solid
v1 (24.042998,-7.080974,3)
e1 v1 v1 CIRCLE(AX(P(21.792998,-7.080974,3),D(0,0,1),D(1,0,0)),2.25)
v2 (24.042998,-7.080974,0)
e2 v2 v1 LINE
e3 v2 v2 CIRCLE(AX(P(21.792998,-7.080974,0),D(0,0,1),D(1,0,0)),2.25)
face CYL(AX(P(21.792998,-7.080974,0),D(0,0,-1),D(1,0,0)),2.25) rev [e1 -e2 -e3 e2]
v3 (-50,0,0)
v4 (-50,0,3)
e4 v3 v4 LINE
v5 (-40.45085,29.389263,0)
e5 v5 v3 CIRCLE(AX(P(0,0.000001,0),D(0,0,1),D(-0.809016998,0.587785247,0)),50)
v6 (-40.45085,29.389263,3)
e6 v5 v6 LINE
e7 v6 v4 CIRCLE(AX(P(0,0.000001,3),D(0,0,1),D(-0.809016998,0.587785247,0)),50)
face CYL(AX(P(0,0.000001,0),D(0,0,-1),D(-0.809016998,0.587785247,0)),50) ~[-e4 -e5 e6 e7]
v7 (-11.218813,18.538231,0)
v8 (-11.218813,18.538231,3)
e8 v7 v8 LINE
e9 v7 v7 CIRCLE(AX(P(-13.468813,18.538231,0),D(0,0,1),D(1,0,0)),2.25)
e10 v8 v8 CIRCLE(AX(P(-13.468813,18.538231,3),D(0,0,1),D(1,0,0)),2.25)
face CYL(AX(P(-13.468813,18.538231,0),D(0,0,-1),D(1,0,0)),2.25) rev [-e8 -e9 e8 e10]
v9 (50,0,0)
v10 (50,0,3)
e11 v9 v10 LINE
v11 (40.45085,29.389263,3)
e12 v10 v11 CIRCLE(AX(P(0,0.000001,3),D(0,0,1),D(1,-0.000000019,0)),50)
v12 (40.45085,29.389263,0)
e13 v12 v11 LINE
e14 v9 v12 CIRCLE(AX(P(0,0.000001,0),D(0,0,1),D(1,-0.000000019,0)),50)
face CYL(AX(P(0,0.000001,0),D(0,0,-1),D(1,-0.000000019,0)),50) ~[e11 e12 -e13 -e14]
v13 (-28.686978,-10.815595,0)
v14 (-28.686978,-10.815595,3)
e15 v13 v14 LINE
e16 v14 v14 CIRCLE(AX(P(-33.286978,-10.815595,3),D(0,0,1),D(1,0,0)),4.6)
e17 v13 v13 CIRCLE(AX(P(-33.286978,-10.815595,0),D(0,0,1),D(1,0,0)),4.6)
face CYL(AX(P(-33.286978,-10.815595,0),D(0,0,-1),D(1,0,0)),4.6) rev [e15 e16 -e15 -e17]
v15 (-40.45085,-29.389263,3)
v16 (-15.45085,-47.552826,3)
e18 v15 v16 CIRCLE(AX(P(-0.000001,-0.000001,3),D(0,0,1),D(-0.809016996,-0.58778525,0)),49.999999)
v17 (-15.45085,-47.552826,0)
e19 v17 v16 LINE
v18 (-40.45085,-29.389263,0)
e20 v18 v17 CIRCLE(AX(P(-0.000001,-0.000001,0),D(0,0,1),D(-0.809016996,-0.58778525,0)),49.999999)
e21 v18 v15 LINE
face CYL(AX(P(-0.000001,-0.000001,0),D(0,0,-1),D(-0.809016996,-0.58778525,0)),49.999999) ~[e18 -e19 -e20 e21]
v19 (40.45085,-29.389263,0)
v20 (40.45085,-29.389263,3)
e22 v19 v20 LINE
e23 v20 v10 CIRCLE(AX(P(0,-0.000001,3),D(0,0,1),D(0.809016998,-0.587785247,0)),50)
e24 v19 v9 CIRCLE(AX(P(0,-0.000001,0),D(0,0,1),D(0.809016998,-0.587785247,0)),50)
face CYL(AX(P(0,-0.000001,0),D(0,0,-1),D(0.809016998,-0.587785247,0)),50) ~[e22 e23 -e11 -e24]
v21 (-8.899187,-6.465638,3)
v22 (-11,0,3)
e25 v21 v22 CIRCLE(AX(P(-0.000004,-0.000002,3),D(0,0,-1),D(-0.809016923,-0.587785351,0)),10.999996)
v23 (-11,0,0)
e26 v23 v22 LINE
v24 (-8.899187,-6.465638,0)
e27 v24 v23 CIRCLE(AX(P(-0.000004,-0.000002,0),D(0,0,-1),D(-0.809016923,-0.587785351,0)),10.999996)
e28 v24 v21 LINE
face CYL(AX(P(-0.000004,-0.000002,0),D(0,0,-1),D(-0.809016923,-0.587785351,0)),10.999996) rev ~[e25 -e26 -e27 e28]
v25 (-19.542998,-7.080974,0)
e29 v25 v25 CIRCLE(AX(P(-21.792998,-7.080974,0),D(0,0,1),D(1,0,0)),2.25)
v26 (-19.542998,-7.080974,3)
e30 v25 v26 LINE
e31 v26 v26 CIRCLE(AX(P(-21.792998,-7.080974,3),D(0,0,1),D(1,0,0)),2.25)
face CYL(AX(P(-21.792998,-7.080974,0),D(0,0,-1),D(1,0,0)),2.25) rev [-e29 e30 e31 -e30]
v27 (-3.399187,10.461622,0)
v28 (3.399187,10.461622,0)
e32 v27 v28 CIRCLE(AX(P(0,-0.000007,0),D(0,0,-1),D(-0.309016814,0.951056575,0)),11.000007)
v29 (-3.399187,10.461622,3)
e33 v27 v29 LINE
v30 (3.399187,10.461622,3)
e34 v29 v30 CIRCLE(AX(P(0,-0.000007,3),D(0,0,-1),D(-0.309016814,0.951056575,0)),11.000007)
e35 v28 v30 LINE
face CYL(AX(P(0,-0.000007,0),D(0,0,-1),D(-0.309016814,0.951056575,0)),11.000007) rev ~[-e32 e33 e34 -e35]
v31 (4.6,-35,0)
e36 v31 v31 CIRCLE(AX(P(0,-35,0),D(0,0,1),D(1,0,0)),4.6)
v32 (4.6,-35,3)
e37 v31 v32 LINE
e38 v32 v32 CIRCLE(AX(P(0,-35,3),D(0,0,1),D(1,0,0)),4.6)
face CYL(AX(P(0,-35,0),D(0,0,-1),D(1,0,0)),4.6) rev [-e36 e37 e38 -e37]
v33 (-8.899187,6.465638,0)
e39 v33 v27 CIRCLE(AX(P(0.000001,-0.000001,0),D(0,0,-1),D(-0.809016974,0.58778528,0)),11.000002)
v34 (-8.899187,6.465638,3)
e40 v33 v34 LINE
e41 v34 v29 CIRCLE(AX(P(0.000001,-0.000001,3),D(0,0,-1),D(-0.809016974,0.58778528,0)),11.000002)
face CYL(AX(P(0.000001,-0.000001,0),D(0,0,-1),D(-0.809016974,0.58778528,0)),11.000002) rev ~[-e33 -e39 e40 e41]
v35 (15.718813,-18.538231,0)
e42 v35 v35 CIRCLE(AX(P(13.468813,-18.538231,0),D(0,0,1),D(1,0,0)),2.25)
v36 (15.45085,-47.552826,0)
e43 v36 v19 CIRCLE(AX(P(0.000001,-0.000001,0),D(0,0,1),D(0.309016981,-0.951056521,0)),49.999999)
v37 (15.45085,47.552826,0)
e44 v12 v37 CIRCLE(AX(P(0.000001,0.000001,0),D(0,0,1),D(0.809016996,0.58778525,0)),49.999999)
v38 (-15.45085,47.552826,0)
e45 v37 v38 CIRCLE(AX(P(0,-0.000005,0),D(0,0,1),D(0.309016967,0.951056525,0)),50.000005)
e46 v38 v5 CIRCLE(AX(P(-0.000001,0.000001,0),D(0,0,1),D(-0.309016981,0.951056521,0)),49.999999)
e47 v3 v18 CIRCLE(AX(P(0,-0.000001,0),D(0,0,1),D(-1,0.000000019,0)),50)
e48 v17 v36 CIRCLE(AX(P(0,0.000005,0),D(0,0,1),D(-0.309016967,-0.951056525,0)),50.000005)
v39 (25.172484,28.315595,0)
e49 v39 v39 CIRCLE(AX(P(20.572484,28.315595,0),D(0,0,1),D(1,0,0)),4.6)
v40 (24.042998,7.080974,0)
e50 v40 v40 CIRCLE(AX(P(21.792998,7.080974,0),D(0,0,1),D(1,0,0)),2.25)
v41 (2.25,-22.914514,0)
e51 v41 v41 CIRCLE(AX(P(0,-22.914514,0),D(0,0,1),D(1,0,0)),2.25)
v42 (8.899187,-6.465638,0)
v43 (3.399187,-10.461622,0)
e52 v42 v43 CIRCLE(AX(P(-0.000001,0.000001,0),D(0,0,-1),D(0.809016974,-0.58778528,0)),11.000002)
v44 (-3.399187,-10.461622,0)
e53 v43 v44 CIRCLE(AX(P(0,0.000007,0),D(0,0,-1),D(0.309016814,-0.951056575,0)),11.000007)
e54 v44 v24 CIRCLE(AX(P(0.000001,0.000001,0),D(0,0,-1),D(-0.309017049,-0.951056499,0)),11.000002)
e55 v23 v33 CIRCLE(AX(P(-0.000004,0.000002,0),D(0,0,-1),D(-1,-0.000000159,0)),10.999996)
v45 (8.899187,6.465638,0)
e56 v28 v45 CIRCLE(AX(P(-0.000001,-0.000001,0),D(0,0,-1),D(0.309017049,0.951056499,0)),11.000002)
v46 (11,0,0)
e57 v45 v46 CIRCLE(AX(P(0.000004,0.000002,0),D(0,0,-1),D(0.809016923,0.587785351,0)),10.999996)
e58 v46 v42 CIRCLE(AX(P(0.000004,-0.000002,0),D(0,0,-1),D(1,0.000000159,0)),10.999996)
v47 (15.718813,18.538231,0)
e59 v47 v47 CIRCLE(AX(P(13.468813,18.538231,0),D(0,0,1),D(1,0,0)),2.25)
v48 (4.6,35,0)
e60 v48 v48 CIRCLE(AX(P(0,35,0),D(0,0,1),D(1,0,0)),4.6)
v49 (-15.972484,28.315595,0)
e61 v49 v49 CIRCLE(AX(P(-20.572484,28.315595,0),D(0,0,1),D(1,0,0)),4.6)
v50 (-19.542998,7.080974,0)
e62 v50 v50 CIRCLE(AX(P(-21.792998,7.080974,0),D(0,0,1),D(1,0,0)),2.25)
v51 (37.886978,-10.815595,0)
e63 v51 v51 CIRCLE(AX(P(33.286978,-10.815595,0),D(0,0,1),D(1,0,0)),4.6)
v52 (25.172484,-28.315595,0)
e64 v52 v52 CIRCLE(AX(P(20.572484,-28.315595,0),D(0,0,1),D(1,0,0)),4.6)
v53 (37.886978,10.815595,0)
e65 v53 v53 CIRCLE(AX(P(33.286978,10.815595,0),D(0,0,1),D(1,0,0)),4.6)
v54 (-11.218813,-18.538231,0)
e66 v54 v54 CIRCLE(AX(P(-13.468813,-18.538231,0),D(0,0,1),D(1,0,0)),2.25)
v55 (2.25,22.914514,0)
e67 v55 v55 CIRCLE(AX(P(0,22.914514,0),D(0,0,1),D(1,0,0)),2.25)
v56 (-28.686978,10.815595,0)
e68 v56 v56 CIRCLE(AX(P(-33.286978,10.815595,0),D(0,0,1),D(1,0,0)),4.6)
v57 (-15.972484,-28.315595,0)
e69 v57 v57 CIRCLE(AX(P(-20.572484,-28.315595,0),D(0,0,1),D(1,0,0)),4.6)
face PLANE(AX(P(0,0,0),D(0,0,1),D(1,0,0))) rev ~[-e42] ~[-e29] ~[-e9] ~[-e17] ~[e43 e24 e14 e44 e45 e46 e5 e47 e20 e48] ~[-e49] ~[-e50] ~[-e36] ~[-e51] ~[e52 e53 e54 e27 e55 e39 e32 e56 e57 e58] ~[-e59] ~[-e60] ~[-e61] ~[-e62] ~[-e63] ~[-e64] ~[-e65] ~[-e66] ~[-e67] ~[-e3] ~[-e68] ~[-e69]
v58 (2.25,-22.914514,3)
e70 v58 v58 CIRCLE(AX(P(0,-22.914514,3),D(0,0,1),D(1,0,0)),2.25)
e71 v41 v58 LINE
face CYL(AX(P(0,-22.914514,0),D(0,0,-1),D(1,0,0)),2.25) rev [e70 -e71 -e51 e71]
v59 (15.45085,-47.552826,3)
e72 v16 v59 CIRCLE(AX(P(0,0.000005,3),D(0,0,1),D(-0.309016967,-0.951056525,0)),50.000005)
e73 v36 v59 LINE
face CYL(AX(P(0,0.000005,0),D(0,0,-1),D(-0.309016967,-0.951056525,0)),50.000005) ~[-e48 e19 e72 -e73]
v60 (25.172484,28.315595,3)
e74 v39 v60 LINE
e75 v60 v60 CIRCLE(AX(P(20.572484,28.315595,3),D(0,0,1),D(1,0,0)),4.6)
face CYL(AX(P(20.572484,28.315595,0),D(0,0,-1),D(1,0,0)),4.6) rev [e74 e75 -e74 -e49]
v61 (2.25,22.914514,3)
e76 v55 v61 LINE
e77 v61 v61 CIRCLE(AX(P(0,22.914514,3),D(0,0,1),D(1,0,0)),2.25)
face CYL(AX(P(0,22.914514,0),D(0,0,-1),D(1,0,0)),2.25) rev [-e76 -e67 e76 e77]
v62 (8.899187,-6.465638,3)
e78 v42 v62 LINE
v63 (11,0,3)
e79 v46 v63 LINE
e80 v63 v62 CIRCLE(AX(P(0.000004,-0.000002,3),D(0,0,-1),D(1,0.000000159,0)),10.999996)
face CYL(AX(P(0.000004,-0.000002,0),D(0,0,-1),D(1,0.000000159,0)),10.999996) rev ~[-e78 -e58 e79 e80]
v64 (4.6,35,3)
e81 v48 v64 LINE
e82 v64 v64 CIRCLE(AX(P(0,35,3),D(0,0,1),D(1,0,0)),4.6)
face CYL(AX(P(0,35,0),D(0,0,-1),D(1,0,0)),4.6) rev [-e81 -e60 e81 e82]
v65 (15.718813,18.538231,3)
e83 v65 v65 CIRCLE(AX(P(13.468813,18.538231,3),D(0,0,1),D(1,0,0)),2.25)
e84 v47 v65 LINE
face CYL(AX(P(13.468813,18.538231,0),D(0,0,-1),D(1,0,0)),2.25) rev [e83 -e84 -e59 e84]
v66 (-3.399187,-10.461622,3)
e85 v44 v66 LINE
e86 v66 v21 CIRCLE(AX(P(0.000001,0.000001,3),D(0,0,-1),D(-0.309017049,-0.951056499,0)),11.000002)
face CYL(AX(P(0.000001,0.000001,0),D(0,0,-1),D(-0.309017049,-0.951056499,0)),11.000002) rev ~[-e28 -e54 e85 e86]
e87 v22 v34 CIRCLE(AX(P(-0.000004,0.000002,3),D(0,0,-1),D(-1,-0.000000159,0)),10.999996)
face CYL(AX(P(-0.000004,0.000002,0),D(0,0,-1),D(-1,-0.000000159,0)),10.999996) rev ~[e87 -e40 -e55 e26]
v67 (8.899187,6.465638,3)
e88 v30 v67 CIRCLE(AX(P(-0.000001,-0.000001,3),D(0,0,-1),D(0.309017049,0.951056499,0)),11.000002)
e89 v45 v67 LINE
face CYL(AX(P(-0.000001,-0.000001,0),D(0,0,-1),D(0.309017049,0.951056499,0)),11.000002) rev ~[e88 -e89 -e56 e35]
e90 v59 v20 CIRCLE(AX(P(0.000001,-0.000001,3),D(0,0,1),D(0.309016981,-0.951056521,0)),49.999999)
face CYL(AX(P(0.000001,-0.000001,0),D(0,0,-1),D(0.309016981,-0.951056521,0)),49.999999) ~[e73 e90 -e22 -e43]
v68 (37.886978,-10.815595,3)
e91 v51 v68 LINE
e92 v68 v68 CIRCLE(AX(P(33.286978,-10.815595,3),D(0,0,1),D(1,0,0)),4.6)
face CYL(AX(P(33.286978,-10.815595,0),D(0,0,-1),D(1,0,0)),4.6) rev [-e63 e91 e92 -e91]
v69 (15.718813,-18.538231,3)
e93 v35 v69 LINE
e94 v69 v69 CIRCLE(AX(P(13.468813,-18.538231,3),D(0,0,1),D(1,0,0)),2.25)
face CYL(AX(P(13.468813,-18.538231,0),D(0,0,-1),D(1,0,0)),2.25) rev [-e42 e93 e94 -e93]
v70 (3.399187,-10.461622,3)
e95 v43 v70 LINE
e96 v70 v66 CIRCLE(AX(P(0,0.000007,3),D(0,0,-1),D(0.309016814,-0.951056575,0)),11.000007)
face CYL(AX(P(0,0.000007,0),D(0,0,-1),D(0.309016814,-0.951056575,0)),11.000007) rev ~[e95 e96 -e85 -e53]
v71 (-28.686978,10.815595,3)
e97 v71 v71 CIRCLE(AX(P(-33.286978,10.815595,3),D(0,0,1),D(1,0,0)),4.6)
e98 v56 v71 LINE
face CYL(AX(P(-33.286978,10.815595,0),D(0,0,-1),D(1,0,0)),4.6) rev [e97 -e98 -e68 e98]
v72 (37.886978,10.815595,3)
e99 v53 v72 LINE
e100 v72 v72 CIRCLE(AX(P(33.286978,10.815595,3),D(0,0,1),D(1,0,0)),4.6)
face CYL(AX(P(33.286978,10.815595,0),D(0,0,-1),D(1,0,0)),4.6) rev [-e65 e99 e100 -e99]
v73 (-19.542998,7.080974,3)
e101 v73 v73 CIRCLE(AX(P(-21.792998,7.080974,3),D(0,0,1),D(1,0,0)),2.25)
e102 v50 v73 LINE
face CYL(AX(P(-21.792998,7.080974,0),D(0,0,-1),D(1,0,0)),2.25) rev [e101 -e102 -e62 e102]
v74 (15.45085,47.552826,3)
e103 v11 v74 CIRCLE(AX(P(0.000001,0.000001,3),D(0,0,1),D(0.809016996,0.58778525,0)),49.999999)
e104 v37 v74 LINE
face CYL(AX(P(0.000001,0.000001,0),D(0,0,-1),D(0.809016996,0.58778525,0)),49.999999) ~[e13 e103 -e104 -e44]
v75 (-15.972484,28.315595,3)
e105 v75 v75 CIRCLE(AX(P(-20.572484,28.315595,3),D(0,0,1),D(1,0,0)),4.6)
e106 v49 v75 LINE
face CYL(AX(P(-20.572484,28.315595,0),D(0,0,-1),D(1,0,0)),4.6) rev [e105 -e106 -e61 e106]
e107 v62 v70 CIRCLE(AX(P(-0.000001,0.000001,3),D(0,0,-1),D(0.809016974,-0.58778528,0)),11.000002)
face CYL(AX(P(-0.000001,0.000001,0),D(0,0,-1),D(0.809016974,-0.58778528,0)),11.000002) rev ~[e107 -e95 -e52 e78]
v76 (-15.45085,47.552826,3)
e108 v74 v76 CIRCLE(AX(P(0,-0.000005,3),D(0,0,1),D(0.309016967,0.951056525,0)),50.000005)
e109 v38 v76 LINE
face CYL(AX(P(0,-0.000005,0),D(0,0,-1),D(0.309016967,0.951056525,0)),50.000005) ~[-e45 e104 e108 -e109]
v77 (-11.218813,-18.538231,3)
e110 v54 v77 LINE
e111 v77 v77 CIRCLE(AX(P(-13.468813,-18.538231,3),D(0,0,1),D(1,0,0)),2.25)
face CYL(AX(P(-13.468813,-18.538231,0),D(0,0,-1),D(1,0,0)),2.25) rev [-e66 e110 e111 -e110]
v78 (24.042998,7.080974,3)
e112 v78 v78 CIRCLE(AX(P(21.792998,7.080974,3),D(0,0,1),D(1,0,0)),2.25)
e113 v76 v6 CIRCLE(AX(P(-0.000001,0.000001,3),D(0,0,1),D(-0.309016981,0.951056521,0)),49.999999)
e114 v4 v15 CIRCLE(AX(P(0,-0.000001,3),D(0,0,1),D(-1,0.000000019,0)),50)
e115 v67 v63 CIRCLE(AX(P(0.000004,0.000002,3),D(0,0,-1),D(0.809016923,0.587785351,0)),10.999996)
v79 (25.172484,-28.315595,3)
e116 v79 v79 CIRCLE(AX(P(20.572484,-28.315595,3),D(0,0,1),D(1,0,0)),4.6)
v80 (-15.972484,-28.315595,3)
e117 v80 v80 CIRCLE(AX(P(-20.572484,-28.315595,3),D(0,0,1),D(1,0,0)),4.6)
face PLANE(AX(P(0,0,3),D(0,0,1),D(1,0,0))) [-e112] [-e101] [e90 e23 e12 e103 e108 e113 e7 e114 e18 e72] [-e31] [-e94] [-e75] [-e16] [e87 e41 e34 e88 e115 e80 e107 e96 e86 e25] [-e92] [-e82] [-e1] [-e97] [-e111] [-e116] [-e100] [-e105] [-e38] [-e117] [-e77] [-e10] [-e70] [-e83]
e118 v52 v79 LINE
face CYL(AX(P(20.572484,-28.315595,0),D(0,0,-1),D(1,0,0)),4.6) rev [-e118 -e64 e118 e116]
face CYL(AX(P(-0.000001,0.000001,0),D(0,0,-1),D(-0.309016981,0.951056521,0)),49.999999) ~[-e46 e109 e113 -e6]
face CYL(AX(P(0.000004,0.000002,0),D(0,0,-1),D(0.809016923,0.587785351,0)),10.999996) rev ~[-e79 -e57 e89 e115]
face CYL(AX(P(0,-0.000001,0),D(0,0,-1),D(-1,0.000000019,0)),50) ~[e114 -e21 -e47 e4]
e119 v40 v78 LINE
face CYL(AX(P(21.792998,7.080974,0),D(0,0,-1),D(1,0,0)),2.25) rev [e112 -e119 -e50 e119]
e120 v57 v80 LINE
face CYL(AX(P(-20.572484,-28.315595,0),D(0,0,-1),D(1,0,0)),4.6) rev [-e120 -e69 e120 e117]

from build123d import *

# Parameters (mm, degrees)
F0_R     = 4.6
F0_R_2   = 2.25
F1_DEPTH = 3


with BuildPart() as f1:
    # F0 (on Top) → F1 (new body)
    with BuildSketch(Plane.XY):
        with BuildLine():
            ThreePointArc((40.45085, 29.389263), (29.389263, 40.45085), (15.45085, 47.552826))
            ThreePointArc((15.45085, 47.552826), (0, 50), (-15.45085, 47.552826))
            ThreePointArc((-15.45085, 47.552826), (-29.389263, 40.45085), (-40.45085, 29.389263))
            ThreePointArc((-40.45085, 29.389263), (-47.552826, 15.45085), (-50, 0))
            ThreePointArc((-50, 0), (-47.552826, -15.45085), (-40.45085, -29.389263))
            ThreePointArc((-40.45085, -29.389263), (-29.389263, -40.45085), (-15.45085, -47.552826))
            ThreePointArc((-15.45085, -47.552826), (0, -50), (15.45085, -47.552826))
            ThreePointArc((15.45085, -47.552826), (29.389263, -40.45085), (40.45085, -29.389263))
            ThreePointArc((40.45085, -29.389263), (47.552826, -15.45085), (50, 0))
            ThreePointArc((50, 0), (47.552826, 15.45085), (40.45085, 29.389263))
        make_face()
        with Locations((-20.572484, -28.315595)):
            Circle(F0_R, mode=Mode.SUBTRACT)
        with Locations((-33.286978, -10.815595)):
            Circle(F0_R, mode=Mode.SUBTRACT)
        with Locations((-13.468813, -18.538231)):
            Circle(F0_R_2, mode=Mode.SUBTRACT)
        with Locations((-21.792998, -7.080974)):
            Circle(F0_R_2, mode=Mode.SUBTRACT)
        with Locations((0, -35)):
            Circle(F0_R, mode=Mode.SUBTRACT)
        with Locations((20.572484, -28.315595)):
            Circle(F0_R, mode=Mode.SUBTRACT)
        with Locations((0, -22.914514)):
            Circle(F0_R_2, mode=Mode.SUBTRACT)
        with Locations((13.468813, -18.538231)):
            Circle(F0_R_2, mode=Mode.SUBTRACT)
        with BuildLine():
            ThreePointArc((-3.399187, 10.461622), (0, 11), (3.399187, 10.461622))
            ThreePointArc((3.399187, 10.461622), (6.465638, 8.899187), (8.899187, 6.465638))
            ThreePointArc((8.899187, 6.465638), (10.461622, 3.399187), (11, 0))
            ThreePointArc((11, 0), (10.461622, -3.399187), (8.899187, -6.465638))
            ThreePointArc((8.899187, -6.465638), (6.465638, -8.899187), (3.399187, -10.461622))
            ThreePointArc((3.399187, -10.461622), (0, -11), (-3.399187, -10.461622))
            ThreePointArc((-3.399187, -10.461622), (-6.465638, -8.899187), (-8.899187, -6.465638))
            ThreePointArc((-8.899187, -6.465638), (-10.461622, -3.399187), (-11, 0))
            ThreePointArc((-11, 0), (-10.461622, 3.399187), (-8.899187, 6.465638))
            ThreePointArc((-8.899187, 6.465638), (-6.465638, 8.899187), (-3.399187, 10.461622))
        make_face(mode=Mode.SUBTRACT)
        with Locations((21.792998, -7.080974)):
            Circle(F0_R_2, mode=Mode.SUBTRACT)
        with Locations((33.286978, -10.815595)):
            Circle(F0_R, mode=Mode.SUBTRACT)
        with Locations((-33.286978, 10.815595)):
            Circle(F0_R, mode=Mode.SUBTRACT)
        with Locations((-21.792998, 7.080974)):
            Circle(F0_R_2, mode=Mode.SUBTRACT)
        with Locations((-13.468813, 18.538231)):
            Circle(F0_R_2, mode=Mode.SUBTRACT)
        with Locations((-20.572484, 28.315595)):
            Circle(F0_R, mode=Mode.SUBTRACT)
        with Locations((21.792998, 7.080974)):
            Circle(F0_R_2, mode=Mode.SUBTRACT)
        with Locations((0, 22.914514)):
            Circle(F0_R_2, mode=Mode.SUBTRACT)
        with Locations((13.468813, 18.538231)):
            Circle(F0_R_2, mode=Mode.SUBTRACT)
        with Locations((33.286978, 10.815595)):
            Circle(F0_R, mode=Mode.SUBTRACT)
        with Locations((0, 35)):
            Circle(F0_R, mode=Mode.SUBTRACT)
        with Locations((20.572484, 28.315595)):
            Circle(F0_R, mode=Mode.SUBTRACT)
    extrude(amount=F1_DEPTH)


solid = f1.part
